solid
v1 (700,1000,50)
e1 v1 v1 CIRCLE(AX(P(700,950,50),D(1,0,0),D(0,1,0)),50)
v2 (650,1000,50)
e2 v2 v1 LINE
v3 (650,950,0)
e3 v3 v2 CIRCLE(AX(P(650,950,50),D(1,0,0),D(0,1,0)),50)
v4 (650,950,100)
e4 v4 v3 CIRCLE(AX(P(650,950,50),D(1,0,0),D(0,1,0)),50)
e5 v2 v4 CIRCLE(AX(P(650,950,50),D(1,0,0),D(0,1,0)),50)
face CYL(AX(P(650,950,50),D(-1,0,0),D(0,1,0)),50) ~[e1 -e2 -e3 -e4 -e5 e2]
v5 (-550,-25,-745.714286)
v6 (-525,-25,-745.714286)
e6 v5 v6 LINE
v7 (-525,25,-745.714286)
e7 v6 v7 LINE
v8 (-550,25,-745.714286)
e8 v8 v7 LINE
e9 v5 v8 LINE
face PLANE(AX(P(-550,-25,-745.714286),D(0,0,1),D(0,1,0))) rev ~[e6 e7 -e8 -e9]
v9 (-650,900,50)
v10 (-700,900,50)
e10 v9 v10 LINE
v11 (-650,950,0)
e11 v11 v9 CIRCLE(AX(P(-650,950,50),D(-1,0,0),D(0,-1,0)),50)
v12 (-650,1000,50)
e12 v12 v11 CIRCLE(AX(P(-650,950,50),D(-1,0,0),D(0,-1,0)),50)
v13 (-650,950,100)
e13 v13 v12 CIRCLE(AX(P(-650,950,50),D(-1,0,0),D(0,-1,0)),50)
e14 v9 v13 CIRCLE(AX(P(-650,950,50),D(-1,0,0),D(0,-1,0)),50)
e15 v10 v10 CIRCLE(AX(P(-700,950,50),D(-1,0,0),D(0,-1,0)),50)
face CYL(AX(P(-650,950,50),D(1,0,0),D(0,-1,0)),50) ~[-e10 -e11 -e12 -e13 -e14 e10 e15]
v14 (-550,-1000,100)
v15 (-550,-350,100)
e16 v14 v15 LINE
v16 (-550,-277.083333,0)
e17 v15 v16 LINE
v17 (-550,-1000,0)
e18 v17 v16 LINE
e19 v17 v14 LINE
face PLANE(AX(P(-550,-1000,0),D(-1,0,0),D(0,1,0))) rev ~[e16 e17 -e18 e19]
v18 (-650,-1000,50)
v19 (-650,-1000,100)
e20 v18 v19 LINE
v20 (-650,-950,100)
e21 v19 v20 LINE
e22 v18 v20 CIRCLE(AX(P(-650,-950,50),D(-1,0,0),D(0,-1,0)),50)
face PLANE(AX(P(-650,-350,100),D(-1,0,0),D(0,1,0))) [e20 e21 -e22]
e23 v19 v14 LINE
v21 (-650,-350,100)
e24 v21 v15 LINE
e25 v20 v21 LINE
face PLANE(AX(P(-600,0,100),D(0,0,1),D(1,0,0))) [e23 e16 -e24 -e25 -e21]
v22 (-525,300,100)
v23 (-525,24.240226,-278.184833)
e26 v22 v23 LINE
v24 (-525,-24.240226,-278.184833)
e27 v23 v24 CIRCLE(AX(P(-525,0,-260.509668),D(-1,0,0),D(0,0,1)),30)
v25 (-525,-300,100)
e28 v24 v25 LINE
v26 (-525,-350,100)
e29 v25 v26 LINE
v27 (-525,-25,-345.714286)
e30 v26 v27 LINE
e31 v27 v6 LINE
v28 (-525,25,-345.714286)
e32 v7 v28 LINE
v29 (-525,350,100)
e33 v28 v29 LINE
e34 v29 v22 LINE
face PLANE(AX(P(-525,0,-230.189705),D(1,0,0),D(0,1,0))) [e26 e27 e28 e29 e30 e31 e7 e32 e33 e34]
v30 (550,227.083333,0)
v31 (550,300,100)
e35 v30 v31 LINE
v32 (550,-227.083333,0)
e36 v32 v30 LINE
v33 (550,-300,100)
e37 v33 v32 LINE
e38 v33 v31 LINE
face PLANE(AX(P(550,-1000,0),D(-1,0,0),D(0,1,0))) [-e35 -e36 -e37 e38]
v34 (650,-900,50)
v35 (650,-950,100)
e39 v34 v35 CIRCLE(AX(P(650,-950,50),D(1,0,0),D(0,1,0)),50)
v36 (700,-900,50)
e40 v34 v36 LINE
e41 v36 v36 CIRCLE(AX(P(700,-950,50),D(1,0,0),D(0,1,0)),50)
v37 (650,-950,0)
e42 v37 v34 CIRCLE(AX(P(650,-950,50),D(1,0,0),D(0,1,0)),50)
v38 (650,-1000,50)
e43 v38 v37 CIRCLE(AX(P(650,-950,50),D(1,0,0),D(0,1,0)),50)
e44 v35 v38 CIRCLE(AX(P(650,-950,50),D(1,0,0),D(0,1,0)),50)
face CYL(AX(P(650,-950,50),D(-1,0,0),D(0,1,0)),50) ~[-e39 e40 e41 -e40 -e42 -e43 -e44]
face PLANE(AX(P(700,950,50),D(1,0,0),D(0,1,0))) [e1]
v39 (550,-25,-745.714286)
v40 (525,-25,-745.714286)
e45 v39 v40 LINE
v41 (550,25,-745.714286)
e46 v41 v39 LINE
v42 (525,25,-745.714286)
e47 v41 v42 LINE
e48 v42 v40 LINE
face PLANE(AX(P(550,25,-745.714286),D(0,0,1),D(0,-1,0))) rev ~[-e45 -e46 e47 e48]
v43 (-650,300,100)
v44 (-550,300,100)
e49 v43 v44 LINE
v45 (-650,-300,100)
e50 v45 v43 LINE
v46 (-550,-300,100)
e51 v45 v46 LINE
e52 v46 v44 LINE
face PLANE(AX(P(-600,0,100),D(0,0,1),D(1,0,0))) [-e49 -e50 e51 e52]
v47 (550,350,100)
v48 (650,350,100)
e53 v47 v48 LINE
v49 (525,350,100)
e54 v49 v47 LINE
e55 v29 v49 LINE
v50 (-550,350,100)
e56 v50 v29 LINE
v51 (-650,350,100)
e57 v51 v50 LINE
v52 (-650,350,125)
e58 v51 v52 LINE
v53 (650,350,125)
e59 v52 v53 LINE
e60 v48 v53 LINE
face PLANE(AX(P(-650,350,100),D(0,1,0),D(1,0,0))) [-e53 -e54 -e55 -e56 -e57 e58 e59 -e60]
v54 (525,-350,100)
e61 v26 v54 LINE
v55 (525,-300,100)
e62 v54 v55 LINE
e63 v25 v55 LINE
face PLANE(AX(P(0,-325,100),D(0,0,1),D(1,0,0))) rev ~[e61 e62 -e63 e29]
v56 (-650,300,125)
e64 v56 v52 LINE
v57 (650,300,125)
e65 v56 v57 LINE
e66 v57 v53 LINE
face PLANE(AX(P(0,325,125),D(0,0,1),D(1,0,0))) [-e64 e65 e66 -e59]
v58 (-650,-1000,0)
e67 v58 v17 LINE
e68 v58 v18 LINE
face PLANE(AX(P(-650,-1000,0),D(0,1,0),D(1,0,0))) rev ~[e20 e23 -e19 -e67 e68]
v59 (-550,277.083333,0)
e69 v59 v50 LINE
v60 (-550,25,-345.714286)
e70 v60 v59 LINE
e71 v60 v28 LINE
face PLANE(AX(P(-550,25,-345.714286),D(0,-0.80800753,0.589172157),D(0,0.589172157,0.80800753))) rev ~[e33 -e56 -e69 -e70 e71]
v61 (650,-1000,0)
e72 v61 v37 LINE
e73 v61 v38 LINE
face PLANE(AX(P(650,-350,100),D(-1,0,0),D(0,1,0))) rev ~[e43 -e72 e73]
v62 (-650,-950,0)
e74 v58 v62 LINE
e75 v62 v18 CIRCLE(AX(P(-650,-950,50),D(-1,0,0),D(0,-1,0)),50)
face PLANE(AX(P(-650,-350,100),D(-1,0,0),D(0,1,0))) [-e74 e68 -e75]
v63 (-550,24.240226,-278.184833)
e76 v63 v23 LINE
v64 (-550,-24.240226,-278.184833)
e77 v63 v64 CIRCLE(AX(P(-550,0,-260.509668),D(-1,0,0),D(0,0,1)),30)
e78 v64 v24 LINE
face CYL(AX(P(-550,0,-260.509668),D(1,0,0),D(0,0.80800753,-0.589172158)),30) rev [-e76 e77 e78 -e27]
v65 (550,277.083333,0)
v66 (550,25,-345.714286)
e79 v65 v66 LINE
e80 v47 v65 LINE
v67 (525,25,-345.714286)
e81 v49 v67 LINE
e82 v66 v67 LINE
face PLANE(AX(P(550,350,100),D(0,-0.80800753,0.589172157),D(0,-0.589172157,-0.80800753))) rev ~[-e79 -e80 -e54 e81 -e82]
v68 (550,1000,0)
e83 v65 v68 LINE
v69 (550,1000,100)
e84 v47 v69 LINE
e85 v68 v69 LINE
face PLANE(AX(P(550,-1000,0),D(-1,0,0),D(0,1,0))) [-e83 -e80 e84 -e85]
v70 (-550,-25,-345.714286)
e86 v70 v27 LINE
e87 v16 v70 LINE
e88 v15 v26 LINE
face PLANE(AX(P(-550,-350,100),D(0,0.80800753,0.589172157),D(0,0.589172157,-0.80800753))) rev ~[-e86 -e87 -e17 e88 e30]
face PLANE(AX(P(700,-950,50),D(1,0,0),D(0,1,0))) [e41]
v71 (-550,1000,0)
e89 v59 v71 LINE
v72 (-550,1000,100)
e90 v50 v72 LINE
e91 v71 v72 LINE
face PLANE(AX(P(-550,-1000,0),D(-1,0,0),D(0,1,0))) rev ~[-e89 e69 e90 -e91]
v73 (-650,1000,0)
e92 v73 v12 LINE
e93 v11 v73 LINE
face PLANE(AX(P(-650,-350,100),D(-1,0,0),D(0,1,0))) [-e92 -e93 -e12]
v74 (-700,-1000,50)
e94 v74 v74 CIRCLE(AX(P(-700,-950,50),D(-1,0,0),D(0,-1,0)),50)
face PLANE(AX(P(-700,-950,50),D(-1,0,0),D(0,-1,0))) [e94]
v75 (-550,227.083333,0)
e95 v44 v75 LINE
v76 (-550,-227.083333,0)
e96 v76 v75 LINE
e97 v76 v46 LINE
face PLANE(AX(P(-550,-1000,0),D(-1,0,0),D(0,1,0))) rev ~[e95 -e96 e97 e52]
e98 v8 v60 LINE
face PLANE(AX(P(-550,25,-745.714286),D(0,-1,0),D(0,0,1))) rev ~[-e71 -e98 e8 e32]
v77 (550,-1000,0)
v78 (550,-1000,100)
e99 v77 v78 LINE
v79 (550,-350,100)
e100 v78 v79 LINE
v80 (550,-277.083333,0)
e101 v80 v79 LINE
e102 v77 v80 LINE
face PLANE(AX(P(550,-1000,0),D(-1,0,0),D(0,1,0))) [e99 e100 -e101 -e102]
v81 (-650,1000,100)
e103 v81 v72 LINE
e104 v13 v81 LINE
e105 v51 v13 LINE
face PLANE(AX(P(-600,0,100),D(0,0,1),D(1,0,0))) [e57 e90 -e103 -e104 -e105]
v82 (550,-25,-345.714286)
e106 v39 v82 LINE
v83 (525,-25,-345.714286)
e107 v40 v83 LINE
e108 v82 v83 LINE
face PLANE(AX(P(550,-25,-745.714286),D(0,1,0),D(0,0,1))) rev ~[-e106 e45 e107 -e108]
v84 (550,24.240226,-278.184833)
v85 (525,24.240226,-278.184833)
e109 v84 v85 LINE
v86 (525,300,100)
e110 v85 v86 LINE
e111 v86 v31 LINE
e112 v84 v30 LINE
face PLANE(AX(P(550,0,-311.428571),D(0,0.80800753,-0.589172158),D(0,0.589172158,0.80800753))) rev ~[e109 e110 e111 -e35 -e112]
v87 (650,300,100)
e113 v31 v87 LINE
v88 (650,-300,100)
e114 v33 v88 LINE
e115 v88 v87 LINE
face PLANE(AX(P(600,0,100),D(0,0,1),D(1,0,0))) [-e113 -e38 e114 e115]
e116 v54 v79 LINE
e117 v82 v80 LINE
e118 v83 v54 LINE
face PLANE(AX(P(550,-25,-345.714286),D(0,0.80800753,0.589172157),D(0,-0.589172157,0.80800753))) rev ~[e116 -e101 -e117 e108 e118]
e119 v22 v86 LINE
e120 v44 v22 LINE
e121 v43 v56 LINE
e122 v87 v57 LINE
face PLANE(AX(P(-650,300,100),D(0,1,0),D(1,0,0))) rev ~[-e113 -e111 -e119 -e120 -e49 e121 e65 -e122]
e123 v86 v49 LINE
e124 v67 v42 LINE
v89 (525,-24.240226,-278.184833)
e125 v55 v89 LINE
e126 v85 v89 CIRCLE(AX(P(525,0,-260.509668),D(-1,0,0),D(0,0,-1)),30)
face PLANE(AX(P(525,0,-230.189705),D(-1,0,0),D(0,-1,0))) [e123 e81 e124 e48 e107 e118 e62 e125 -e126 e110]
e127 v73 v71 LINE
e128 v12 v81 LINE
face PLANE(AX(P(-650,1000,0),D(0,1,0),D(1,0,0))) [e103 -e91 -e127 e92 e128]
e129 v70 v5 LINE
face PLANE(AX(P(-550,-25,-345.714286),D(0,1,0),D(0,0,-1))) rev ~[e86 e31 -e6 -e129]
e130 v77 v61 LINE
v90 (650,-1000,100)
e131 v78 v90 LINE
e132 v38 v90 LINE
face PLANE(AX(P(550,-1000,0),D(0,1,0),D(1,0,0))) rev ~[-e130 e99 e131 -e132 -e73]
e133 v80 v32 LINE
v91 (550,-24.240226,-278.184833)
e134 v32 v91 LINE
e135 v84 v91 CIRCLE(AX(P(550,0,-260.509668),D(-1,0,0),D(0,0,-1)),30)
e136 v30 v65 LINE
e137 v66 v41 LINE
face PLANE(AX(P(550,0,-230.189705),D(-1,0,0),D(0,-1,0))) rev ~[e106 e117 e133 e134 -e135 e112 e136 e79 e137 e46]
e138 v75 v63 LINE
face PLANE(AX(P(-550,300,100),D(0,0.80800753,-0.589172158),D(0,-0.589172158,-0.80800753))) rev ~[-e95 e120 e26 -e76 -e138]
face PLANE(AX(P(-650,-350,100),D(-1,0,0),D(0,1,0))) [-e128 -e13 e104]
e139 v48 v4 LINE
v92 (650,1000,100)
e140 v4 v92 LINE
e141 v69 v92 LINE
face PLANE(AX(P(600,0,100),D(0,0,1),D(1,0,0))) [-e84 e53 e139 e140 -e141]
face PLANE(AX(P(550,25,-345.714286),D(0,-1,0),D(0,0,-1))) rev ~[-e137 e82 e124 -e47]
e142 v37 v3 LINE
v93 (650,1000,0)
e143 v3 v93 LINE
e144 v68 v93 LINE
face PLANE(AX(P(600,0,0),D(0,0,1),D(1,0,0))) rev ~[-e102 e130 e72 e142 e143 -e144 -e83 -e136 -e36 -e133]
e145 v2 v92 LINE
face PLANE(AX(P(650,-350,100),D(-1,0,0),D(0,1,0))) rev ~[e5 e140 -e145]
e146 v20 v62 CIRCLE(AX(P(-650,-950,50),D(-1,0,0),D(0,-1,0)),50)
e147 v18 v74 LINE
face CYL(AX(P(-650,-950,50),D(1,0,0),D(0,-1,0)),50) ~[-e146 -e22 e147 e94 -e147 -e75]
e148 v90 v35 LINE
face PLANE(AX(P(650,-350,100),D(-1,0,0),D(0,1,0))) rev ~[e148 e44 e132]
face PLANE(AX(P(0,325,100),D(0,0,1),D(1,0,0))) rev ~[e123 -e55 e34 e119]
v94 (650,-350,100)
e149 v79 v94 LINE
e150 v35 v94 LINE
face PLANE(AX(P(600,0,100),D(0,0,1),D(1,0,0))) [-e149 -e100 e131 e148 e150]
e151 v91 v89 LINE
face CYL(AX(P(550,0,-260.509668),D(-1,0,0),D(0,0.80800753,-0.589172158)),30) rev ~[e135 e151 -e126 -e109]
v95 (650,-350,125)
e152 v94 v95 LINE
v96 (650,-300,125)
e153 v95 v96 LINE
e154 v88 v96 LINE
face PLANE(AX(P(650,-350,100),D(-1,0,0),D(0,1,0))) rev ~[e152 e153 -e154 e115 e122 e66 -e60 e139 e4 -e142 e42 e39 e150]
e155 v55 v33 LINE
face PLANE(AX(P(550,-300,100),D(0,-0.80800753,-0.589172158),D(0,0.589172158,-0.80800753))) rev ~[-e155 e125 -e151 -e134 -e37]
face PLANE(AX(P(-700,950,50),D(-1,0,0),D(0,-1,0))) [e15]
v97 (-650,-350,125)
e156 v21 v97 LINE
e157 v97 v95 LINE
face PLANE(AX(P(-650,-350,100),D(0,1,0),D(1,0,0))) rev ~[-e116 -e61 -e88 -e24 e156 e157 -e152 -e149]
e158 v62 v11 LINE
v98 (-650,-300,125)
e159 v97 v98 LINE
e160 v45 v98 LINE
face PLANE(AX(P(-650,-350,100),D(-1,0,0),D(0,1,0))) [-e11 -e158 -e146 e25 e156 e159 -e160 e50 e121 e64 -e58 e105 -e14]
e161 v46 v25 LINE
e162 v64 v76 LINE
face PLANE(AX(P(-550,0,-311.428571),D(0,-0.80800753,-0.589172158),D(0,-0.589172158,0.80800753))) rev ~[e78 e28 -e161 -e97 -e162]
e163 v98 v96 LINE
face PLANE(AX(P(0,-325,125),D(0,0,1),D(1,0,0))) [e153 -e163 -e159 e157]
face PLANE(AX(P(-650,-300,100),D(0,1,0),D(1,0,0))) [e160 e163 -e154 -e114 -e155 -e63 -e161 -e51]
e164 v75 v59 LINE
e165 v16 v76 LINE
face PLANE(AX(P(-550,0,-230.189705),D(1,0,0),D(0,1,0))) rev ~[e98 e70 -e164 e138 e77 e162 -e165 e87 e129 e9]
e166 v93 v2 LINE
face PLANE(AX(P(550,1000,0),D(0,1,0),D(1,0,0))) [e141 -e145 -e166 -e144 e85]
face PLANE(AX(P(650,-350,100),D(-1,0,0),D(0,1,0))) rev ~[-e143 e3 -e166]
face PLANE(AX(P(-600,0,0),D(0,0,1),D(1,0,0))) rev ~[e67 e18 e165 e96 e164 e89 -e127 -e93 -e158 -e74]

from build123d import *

# Parameters (mm, degrees)
F0_W      = 100
F0_H      = 2000
F1_DEPTH  = 100
F2_W      = 1300
F2_H      = 50
F3_DEPTH  = 25
F4_R      = 50
F5_DEPTH  = 50
F6_R      = 50
F7_DEPTH  = 50
F9_DEPTH  = 25
F11_DEPTH = 25
F12_R     = 30


with BuildPart() as f1:
    # F0 (on Top) → F1 (new body)
    with BuildSketch(Plane.XY):
        with Locations((600, 0)):
            Rectangle(F0_W, F0_H)
        with Locations((-600, 0)):
            Rectangle(F0_W, F0_H)
    extrude(amount=F1_DEPTH)

    # F2 (on face) → F3 (join)
    with BuildSketch(Plane.XY.offset(100)):
        with Locations((0, -325)):
            Rectangle(F2_W, F2_H)
        with Locations((0, 325)):
            Rectangle(F2_W, F2_H)
    extrude(amount=F3_DEPTH)

    # F4 (on face) → F5 (join)
    with BuildSketch(Plane(origin=(-650, 0, 0), x_dir=(0, -1, 0), z_dir=(-1, 0, 0))):
        with Locations((-950, 50)):
            Circle(F4_R)
        with Locations((950, 50)):
            Circle(F4_R)
    extrude(amount=F5_DEPTH)

    # F6 (on face) → F7 (join)
    with BuildSketch(Plane.YZ.offset(650)):
        with Locations((-950, 50)):
            Circle(F6_R)
        with Locations((950, 50)):
            Circle(F6_R)
    extrude(amount=F7_DEPTH)

    # F8 (on face) → F9 (join)
    with BuildSketch(Plane.YZ.offset(-550)):
        Polygon((-300, 100), (-350, 100), (-25, -345.714286), (-25, -745.714286), (25, -745.714286), (25, -345.714286), (350, 100), (300, 100), (0, -311.428571), align=None)
    extrude(amount=F9_DEPTH)

    # F10 (on face) → F11 (join)
    with BuildSketch(Plane(origin=(550, 0, 0), x_dir=(0, -1, 0), z_dir=(-1, 0, 0))):
        Polygon((25, -345.714286), (350, 100), (300, 100), (0, -311.428571), (-300, 100), (-350, 100), (-25, -345.714286), (-25, -745.714286), (25, -745.714286), align=None)
    extrude(amount=F11_DEPTH)

    # F12
    f12_edges = [f1.edges().sort_by_distance(p)[0] for p in [
        (-537.5, 0, -311.428571),
        (537.5, 0, -311.428571),
    ]]
    fillet(f12_edges, radius=F12_R)


solid = f1.part
